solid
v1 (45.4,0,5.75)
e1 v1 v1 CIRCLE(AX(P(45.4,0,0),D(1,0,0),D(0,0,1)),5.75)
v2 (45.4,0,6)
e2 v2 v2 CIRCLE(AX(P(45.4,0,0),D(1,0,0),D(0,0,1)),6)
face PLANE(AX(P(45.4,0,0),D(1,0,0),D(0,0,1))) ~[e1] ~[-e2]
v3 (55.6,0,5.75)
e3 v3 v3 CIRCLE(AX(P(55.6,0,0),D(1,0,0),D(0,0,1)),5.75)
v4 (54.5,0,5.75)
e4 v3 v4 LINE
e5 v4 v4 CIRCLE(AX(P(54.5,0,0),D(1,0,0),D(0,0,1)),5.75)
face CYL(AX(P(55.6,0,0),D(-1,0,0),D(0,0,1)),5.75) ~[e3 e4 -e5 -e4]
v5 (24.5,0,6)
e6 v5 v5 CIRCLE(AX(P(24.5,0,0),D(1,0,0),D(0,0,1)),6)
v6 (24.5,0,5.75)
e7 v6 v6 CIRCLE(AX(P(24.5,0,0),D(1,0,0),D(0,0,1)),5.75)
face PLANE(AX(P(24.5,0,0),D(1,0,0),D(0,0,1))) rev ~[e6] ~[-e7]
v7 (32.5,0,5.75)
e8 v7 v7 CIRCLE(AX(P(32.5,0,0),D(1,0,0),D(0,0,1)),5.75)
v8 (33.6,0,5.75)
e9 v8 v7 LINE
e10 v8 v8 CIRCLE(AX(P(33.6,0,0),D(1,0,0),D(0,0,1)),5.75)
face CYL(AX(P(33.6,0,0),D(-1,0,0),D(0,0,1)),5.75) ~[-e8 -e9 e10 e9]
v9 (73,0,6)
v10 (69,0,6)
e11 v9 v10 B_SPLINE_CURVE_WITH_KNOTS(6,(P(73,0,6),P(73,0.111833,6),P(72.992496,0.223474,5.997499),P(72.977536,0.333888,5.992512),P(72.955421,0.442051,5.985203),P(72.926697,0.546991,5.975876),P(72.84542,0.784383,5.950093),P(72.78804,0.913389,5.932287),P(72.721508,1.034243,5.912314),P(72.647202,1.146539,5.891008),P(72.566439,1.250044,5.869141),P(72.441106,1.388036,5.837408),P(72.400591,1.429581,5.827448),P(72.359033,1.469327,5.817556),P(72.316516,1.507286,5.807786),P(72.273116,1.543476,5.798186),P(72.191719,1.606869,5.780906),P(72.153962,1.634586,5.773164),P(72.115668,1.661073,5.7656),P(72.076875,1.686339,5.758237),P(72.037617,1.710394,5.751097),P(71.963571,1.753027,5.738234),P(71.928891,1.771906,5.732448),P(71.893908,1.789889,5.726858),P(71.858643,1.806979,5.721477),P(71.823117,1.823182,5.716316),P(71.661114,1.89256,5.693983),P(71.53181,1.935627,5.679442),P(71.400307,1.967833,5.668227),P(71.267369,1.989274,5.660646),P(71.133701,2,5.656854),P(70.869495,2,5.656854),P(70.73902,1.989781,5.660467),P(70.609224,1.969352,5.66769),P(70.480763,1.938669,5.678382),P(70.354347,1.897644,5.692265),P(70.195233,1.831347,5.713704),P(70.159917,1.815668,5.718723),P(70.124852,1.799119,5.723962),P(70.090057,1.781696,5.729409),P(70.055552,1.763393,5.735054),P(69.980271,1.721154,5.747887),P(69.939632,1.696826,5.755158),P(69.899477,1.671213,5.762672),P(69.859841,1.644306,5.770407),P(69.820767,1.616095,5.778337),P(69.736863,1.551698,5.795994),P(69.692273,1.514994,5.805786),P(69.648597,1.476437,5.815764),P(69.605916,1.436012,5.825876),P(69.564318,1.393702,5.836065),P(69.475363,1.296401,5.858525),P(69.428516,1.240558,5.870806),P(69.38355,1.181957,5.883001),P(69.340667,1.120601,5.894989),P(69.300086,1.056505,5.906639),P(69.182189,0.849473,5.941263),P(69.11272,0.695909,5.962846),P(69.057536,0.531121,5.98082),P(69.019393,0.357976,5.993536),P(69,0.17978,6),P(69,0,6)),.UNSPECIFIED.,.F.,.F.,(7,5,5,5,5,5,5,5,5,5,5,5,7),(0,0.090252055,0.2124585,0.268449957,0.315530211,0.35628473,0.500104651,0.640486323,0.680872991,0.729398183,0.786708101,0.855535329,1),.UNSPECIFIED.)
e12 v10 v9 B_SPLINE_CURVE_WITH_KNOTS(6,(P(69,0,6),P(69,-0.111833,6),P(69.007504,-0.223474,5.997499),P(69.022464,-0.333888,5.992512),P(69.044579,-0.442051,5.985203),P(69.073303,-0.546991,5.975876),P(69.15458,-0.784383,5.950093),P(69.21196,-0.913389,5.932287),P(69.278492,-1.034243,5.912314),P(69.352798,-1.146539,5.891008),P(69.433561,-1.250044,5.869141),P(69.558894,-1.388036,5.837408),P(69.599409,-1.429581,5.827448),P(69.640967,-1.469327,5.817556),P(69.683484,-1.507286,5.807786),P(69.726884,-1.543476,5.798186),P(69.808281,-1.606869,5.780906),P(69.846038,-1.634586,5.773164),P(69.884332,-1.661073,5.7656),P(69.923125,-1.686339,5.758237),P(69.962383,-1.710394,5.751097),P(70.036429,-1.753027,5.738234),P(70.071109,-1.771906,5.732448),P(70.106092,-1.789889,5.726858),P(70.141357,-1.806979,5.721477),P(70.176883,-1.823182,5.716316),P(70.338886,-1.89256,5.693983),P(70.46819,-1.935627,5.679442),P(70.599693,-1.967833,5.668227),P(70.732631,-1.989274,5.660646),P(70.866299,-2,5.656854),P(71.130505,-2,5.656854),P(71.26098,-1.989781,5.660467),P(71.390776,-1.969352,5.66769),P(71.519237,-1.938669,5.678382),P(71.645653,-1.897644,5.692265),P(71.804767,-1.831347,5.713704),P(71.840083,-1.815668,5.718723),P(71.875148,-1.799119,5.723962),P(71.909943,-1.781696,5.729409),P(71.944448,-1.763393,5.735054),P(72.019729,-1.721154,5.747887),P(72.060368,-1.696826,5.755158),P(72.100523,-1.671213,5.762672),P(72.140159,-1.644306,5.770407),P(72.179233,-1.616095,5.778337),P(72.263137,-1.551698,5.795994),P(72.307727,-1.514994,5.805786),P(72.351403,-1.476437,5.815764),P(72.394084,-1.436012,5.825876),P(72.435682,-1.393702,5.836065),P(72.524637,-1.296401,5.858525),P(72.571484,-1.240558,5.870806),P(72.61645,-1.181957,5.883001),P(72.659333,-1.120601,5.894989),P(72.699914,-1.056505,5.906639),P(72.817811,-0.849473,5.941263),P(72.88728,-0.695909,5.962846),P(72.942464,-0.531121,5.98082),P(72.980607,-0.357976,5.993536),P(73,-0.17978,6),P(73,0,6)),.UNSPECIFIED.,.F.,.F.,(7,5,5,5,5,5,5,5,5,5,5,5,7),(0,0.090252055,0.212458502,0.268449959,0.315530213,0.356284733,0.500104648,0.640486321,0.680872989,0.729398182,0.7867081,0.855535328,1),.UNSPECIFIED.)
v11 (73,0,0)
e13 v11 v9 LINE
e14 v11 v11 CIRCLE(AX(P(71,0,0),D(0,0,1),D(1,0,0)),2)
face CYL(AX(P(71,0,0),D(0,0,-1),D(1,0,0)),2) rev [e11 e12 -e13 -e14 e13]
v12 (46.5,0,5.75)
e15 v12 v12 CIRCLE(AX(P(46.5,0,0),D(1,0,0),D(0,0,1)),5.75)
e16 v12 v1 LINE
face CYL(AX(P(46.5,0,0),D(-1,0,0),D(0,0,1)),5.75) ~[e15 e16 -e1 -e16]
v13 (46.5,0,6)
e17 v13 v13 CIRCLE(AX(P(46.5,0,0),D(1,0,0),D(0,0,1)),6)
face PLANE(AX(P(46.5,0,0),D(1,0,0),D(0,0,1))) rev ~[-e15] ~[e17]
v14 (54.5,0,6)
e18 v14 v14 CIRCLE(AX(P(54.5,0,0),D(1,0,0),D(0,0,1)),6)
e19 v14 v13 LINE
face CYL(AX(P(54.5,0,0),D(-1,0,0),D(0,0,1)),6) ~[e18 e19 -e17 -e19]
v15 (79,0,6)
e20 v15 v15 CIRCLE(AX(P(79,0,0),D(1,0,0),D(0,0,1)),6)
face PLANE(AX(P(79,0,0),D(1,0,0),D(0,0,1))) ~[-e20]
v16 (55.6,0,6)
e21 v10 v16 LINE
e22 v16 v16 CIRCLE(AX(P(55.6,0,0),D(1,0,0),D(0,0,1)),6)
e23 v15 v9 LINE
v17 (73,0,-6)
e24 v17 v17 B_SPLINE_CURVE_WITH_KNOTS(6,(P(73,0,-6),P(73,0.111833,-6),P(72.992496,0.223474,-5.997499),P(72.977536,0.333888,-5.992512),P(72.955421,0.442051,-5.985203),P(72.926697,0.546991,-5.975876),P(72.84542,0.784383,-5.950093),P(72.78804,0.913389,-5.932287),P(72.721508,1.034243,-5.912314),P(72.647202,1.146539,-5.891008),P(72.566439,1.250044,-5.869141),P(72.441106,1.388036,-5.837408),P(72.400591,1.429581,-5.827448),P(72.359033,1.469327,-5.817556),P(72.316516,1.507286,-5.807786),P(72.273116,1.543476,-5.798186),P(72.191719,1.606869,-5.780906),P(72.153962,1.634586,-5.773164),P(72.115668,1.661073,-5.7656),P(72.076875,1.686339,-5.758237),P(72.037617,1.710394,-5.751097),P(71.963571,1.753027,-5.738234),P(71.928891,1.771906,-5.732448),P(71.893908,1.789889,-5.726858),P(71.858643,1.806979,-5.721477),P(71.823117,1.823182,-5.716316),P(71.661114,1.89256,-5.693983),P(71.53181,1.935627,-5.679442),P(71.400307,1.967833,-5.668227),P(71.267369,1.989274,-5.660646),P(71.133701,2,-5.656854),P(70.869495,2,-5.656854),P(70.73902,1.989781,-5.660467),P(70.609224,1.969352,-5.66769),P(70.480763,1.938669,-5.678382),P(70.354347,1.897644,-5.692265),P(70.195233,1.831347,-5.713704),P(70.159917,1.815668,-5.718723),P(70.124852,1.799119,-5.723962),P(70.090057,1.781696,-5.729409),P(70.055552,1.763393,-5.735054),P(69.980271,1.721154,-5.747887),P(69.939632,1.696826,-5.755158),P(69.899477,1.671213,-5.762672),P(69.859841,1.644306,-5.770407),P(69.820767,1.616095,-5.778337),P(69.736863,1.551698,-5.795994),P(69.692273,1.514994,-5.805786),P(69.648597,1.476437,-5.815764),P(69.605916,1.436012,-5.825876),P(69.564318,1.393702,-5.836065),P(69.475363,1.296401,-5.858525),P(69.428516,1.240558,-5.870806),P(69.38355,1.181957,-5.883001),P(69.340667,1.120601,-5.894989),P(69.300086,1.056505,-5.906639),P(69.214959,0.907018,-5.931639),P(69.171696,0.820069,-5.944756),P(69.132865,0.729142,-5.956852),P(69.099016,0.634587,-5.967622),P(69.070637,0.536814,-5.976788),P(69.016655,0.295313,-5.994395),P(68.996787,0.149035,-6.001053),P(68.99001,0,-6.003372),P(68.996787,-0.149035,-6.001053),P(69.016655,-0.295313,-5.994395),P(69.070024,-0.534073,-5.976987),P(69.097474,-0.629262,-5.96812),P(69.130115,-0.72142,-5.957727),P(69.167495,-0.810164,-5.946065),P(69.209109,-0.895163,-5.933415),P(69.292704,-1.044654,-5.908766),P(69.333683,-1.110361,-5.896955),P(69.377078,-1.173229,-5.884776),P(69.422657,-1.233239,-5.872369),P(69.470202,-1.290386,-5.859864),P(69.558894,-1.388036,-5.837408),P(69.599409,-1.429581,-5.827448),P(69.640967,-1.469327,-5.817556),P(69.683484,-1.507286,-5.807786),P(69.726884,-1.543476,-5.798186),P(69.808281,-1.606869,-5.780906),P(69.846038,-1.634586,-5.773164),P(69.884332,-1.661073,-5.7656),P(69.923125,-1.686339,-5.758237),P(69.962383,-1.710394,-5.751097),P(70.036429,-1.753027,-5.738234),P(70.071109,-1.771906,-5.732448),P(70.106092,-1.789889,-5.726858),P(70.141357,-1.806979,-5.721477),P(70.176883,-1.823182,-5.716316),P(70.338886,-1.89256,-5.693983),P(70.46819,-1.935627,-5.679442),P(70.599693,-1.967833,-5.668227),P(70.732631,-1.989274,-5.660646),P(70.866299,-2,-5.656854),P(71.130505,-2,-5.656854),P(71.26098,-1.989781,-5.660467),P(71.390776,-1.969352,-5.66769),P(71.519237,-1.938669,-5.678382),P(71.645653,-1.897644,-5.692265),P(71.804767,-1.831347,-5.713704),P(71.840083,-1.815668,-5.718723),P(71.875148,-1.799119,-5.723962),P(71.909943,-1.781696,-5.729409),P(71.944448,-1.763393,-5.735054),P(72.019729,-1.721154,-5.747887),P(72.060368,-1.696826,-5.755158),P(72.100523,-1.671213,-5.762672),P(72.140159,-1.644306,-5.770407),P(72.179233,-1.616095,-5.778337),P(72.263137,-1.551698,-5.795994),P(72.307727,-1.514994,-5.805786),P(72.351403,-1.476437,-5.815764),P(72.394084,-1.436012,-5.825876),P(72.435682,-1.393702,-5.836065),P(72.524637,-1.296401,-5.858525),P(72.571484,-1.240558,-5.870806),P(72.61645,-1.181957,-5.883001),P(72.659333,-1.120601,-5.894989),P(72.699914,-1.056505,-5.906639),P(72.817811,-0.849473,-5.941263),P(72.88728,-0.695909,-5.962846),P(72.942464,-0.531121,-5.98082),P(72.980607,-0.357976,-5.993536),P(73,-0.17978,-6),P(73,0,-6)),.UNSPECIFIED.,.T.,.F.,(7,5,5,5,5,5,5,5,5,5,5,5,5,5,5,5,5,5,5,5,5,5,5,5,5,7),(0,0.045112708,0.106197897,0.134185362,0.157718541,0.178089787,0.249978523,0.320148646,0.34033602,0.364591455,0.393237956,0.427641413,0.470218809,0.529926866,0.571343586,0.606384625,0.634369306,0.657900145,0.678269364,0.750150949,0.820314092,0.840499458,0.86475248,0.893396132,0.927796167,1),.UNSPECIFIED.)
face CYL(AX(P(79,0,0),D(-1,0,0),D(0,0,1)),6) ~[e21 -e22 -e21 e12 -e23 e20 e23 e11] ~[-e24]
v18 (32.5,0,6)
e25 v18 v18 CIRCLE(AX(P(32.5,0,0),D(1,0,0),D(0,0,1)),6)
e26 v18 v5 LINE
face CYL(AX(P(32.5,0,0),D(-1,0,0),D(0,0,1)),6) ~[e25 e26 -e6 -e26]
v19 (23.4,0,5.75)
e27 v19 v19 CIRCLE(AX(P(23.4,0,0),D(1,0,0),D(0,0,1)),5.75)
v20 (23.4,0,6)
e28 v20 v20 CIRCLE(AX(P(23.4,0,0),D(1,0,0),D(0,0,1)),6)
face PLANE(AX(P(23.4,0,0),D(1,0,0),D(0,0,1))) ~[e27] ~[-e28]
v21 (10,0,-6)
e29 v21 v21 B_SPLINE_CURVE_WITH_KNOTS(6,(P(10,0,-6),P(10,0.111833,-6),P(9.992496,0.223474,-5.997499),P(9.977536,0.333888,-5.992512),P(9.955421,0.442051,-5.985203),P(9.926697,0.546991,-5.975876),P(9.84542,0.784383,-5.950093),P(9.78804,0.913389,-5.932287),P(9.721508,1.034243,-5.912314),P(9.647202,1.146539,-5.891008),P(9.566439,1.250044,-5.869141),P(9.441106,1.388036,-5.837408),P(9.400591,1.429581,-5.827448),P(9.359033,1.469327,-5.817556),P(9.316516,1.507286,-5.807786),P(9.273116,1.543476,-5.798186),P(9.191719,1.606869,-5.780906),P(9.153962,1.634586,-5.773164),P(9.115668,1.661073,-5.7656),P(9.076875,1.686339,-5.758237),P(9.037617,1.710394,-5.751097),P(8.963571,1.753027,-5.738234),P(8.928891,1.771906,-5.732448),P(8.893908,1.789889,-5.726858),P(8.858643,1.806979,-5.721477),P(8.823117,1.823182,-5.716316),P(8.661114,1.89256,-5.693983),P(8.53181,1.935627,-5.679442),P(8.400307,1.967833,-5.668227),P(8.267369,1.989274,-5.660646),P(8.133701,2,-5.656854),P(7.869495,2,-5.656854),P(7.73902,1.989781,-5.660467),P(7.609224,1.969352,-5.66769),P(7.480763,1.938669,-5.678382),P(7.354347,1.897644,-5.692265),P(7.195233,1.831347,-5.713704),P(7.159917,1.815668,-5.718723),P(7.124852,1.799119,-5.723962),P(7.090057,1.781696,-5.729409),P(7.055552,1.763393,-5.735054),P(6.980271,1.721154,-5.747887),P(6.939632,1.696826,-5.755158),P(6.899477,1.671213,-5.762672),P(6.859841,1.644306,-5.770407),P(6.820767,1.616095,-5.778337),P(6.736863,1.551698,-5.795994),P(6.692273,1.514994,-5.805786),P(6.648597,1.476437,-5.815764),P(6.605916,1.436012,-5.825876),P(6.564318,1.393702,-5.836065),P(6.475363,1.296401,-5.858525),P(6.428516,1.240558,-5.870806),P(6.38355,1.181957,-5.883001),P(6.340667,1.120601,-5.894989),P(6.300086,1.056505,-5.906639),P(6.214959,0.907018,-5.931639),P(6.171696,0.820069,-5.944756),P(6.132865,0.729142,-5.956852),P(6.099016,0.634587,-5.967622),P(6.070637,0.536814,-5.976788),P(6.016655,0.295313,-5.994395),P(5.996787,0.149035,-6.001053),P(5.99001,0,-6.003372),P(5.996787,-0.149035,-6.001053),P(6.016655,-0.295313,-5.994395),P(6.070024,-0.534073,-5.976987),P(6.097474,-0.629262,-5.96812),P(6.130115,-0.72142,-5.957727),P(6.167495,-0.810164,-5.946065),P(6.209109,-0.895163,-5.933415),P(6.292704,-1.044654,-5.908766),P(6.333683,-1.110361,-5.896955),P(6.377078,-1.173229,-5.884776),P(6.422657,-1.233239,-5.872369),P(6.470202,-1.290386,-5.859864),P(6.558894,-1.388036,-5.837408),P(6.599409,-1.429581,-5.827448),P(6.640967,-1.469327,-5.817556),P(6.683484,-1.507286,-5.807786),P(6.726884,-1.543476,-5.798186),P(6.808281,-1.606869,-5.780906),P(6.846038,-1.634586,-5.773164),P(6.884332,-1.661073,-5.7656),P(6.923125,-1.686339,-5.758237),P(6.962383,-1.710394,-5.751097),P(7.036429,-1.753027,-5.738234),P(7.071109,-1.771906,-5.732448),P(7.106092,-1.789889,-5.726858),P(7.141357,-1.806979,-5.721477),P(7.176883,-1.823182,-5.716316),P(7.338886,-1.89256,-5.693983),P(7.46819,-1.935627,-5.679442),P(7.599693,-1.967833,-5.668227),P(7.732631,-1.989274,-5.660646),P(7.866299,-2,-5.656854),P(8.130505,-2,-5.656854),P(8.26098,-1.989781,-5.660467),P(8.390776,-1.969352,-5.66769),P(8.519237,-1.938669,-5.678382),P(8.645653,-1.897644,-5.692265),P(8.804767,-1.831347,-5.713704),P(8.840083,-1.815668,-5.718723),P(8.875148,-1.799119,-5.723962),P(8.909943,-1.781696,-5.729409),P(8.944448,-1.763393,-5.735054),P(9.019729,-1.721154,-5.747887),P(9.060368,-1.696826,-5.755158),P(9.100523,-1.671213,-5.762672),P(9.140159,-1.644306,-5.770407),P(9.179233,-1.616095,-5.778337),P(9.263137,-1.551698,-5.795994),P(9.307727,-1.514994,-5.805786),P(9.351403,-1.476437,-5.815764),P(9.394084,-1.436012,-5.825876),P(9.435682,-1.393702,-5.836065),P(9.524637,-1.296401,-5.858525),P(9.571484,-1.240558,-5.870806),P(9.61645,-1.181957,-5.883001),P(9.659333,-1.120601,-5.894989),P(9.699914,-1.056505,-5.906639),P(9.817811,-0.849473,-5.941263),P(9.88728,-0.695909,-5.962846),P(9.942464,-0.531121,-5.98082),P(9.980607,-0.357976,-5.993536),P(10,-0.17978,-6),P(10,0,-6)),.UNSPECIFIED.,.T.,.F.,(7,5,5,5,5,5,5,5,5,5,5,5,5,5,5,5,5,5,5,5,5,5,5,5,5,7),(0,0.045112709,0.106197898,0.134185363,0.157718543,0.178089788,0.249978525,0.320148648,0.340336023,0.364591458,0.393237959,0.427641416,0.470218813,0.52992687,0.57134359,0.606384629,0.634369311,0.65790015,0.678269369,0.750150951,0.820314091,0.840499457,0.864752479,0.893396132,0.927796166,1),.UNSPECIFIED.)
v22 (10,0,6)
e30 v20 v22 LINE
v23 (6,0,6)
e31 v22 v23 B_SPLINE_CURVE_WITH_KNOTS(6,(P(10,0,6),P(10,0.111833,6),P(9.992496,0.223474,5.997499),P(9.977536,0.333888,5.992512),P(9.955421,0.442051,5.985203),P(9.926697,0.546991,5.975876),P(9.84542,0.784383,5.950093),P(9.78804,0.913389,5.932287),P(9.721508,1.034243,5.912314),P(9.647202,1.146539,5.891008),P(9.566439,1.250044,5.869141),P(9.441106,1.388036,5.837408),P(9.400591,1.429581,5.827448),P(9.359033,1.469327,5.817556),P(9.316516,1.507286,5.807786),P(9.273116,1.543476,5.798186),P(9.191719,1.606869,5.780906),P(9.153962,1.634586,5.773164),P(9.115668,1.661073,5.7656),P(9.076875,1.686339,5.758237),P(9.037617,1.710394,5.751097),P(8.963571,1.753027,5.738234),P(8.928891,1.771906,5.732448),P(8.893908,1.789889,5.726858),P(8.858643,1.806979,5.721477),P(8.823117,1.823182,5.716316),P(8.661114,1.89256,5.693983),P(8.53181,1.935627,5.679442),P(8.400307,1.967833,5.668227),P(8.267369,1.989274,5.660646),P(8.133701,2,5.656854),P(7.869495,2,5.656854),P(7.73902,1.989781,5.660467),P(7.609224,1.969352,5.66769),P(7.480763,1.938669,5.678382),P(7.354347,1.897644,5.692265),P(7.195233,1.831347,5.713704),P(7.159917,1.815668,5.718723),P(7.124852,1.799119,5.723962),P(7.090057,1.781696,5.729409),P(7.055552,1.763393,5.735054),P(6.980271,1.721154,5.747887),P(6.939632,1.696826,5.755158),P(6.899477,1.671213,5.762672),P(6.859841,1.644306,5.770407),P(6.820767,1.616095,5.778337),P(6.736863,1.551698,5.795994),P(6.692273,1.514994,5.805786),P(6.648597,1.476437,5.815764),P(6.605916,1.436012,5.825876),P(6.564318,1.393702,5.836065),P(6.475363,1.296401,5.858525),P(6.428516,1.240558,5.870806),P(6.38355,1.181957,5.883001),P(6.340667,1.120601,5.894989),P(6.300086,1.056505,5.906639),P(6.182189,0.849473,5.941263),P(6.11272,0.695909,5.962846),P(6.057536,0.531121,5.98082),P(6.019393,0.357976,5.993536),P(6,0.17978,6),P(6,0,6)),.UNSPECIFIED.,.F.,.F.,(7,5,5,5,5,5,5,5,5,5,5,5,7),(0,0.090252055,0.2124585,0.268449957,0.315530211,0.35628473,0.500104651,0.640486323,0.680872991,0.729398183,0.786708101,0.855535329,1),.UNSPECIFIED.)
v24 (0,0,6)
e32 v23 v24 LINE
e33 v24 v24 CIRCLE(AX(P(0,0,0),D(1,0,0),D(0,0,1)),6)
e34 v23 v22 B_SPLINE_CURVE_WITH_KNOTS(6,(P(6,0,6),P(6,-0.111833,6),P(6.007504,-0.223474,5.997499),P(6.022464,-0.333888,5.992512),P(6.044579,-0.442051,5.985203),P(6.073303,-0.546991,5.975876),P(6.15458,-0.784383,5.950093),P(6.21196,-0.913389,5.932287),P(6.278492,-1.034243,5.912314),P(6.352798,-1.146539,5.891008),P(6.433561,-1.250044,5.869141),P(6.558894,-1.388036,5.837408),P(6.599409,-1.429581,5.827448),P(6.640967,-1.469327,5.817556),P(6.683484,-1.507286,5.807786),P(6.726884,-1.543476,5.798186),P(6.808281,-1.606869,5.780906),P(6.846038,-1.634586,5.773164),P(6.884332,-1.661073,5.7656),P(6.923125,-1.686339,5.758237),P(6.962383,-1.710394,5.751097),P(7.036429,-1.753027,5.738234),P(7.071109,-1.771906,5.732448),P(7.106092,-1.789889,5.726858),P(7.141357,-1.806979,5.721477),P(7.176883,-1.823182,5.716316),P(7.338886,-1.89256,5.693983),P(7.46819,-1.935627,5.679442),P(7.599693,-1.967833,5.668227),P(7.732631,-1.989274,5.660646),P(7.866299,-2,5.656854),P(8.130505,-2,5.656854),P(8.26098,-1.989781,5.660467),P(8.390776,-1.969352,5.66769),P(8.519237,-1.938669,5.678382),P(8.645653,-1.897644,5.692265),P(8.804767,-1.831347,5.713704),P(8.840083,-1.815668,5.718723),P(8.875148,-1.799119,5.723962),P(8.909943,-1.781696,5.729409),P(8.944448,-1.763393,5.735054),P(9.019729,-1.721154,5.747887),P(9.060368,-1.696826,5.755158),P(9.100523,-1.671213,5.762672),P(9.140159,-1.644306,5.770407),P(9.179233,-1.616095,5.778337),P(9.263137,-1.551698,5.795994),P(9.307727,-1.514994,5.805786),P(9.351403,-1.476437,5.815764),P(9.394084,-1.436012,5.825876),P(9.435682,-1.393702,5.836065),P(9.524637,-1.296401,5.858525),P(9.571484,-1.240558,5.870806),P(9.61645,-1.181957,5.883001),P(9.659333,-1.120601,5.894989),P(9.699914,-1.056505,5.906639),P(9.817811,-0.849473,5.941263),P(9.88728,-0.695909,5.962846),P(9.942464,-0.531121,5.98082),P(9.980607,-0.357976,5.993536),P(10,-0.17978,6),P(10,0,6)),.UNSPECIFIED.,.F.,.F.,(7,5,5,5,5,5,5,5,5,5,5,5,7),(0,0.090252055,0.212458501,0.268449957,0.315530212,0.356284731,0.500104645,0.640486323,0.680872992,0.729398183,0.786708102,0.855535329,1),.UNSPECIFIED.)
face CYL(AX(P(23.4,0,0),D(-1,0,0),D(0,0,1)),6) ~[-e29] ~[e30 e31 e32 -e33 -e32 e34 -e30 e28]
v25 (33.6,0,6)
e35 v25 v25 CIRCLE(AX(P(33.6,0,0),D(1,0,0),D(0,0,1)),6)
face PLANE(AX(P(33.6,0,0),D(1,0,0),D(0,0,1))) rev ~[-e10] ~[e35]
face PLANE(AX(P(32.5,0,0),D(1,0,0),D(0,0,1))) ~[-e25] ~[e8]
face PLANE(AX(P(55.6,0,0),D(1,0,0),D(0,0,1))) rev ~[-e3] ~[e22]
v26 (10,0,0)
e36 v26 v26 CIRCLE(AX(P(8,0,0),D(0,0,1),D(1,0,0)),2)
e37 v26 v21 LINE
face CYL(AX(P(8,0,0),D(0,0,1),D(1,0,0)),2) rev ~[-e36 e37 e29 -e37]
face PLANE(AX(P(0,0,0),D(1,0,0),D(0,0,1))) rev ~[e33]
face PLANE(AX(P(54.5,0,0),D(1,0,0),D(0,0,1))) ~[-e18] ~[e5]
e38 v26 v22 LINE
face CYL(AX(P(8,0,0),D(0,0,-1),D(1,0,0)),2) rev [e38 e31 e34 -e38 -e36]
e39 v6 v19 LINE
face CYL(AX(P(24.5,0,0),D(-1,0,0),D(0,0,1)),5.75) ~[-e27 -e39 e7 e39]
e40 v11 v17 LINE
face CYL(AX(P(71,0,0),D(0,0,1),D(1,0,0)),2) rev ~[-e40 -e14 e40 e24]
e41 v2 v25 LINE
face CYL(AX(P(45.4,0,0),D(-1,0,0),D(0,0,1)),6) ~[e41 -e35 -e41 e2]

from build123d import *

# Parameters (mm, degrees)
F2_R          = 2
F3_DEPTH      = 6.001
F3_DEPTH_BACK = 6.001


with BuildPart() as f1:
    # F0 (on Front) → F1 (revolve)
    with BuildSketch(Plane.XZ):
        Polygon((0, 6), (0, 0), (79, 0), (79, 6), (55.6, 6), (55.6, 5.75), (54.5, 5.75), (54.5, 6), (46.5, 6), (46.5, 5.75), (45.4, 5.75), (45.4, 6), (33.6, 6), (33.6, 5.75), (32.5, 5.75), (32.5, 6), (24.5, 6), (24.5, 5.75), (23.4, 5.75), (23.4, 6), align=None)
    revolve(axis=Axis((39.5, 0, 0), (1, 0, 0)))

    # F2 (on Top) → F3 (cut, two sides)
    with BuildSketch(Plane.XY) as f3_sk:
        with Locations((71, 0)):
            Circle(F2_R)
        with Locations((8, 0)):
            Circle(F2_R)
    extrude(amount=-F3_DEPTH, mode=Mode.SUBTRACT)
    extrude(f3_sk.sketch, amount=F3_DEPTH_BACK, mode=Mode.SUBTRACT)


solid = f1.part
